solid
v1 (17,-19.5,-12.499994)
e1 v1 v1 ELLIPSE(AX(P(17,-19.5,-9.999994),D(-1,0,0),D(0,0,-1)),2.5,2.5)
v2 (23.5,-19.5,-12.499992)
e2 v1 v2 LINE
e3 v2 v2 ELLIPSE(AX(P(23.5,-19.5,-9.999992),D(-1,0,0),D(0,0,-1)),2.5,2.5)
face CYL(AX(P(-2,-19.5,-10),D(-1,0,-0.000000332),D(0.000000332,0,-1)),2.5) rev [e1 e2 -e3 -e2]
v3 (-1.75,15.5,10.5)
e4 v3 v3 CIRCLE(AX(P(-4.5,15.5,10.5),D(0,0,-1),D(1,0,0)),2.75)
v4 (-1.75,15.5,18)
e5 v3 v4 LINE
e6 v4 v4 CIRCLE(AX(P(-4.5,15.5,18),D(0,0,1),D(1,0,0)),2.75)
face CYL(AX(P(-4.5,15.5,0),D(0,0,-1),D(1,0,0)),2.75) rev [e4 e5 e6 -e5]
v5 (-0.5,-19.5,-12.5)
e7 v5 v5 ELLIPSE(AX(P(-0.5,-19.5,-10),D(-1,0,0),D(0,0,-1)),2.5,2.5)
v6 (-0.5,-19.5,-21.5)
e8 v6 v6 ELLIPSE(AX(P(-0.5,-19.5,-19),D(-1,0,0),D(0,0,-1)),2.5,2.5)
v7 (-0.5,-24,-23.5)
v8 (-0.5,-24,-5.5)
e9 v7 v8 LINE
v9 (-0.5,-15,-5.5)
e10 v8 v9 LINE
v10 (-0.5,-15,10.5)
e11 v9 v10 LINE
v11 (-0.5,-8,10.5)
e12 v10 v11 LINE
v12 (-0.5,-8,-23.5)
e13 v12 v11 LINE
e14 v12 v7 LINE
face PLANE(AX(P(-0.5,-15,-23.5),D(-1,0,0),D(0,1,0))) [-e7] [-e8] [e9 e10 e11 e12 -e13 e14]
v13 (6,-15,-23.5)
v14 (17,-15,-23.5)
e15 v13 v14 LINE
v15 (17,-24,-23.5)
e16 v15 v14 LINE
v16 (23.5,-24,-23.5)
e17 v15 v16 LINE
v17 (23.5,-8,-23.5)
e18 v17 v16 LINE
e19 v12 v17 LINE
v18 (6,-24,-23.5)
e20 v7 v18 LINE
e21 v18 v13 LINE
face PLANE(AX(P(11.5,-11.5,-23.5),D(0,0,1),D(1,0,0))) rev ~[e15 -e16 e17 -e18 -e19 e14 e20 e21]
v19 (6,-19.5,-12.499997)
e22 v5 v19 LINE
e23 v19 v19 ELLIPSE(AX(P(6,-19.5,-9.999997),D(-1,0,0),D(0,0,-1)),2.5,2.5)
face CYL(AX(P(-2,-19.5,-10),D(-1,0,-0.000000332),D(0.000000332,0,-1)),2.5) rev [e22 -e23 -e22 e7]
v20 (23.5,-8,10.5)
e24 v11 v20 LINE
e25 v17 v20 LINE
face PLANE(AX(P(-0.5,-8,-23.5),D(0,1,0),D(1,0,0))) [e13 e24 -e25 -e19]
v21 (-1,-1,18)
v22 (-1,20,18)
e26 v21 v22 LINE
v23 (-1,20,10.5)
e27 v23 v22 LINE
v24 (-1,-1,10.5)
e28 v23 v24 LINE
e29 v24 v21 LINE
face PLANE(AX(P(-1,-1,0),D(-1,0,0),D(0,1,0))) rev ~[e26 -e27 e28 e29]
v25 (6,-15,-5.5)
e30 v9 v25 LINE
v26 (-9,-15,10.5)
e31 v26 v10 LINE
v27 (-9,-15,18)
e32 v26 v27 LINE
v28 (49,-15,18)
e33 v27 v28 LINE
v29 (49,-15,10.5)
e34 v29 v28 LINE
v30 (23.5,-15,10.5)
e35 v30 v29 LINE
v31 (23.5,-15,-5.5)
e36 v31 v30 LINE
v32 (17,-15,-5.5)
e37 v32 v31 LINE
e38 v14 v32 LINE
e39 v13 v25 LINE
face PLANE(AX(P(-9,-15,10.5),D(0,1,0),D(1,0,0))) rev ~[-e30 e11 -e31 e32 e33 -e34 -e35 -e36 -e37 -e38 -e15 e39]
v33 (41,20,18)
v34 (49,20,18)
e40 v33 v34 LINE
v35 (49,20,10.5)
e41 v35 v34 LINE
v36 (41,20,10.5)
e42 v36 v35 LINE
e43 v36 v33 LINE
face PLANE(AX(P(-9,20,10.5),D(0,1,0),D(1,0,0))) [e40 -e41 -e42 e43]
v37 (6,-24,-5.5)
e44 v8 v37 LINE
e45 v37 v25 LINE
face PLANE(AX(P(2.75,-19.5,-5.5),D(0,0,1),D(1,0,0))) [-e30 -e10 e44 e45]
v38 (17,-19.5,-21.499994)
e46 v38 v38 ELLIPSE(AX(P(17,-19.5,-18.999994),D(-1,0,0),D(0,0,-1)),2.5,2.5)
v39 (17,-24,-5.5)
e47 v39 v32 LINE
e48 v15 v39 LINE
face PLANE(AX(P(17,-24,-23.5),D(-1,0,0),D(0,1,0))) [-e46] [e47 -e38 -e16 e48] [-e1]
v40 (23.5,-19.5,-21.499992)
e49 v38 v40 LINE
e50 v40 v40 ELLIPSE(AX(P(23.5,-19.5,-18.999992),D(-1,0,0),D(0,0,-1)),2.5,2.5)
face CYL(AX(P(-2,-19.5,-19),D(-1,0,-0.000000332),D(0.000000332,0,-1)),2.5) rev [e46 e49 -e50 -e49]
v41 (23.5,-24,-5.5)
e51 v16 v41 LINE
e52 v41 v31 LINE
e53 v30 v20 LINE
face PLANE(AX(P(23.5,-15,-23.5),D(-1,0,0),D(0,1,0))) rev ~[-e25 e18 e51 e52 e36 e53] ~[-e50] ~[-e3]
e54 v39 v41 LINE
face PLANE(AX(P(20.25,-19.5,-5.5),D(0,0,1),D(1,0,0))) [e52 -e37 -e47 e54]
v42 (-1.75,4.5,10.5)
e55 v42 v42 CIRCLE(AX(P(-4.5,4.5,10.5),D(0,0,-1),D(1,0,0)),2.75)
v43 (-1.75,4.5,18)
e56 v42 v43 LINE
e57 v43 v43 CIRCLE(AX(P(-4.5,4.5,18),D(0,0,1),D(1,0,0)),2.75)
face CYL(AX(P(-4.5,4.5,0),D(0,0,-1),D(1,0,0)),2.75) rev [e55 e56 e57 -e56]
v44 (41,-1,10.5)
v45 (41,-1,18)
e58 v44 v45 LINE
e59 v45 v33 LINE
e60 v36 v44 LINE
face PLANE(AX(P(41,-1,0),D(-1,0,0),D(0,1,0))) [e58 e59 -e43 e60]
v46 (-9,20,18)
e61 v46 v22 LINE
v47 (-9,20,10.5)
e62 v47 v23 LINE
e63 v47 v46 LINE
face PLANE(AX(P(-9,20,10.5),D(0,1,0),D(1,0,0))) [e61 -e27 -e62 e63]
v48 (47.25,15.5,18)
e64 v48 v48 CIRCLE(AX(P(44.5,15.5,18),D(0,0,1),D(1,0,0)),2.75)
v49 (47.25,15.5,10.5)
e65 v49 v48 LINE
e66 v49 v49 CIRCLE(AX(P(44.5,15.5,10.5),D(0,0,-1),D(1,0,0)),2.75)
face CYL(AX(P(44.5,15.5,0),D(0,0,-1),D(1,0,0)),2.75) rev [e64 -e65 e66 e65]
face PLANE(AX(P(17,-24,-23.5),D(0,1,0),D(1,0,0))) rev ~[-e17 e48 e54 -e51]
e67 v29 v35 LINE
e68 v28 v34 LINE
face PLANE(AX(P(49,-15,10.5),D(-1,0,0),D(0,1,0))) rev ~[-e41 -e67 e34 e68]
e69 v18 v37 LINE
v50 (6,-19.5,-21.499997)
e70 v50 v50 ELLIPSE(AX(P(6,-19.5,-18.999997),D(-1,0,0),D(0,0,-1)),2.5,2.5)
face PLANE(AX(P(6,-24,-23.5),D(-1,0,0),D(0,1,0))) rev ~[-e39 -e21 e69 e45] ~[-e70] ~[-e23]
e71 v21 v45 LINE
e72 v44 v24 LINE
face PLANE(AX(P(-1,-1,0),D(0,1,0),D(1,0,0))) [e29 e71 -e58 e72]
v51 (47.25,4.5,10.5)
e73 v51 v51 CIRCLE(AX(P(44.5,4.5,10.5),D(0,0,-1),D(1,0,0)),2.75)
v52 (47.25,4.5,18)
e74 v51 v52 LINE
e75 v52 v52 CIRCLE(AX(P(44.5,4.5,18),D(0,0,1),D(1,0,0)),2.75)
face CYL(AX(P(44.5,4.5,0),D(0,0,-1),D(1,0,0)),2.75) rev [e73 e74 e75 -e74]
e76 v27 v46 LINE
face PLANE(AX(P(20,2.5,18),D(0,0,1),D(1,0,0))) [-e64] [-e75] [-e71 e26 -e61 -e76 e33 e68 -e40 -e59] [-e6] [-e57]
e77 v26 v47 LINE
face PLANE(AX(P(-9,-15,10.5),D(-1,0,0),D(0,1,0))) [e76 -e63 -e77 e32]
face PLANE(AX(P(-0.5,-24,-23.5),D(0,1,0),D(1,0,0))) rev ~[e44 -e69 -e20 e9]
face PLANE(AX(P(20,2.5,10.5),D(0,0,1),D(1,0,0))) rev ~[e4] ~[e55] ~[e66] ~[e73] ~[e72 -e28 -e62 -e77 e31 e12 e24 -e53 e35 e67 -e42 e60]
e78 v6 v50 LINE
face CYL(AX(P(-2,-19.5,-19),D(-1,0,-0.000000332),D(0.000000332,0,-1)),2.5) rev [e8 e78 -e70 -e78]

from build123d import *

# Parameters (mm, degrees)
CYLINDER005_R               = 2.5
CYLINDER005_DEPTH           = 27
CYLINDER005_PLACEMENT_ANGLE = 89.999981
CYLINDER004_R               = 2.5
CYLINDER004_DEPTH           = 27
CYLINDER004_PLACEMENT_ANGLE = 89.999981
BOX004_W                    = 6.5
BOX004_H                    = 9
BOX004_DEPTH                = 18
BOX003_W                    = 24
BOX003_H                    = 7
BOX003_DEPTH                = 34
BOX005_W                    = 6.5
BOX005_H                    = 9
BOX005_DEPTH                = 18
BOX_W                       = 42
BOX_H                       = 22
BOX_DEPTH                   = 18
CYLINDER001_R               = 2.75
CYLINDER001_DEPTH           = 18
CYLINDER002_R               = 2.75
CYLINDER002_DEPTH           = 18
CYLINDER003_R               = 2.75
CYLINDER003_DEPTH           = 18
CYLINDER_R                  = 2.75
CYLINDER_DEPTH              = 18
BOX002_W                    = 58
BOX002_H                    = 35
BOX002_DEPTH                = 7.5


with BuildPart() as cylinder005:
    # Cylinder005 → Cylinder005 (new body)
    with BuildSketch(Plane.XY):
        Circle(CYLINDER005_R)
    extrude(amount=CYLINDER005_DEPTH)


with BuildPart() as cylinder005_1:
    # Cylinder005 placement: moved
    add(cylinder005.part.moved(Location((-2, -19.5, -10))).rotate(Axis((-2, -19.5, -10), (0, 1, 0)), CYLINDER005_PLACEMENT_ANGLE))


with BuildPart() as fusion003:
    # Cylinder004 → Cylinder004 (new body)
    with BuildSketch(Plane.XY):
        Circle(CYLINDER004_R)
    extrude(amount=CYLINDER004_DEPTH)


with BuildPart() as fusion003_1:
    # Cylinder004 placement: moved
    add(fusion003.part.moved(Location((-2, -19.5, -19))).rotate(Axis((-2, -19.5, -19), (0, 1, 0)), CYLINDER004_PLACEMENT_ANGLE))

    # Fusion003: union Cylinder005
    add(cylinder005_1.part)


with BuildPart() as cube001:
    # Box004 → Box004 (new body)
    with BuildSketch(Plane(origin=(-0.5, -24, -23.5), x_dir=(1, 0, 0), z_dir=(0, 0, 1))):
        with Locations((3.25, 4.5)):
            Rectangle(BOX004_W, BOX004_H)
    extrude(amount=BOX004_DEPTH)


with BuildPart() as cube:
    # Box003 → Box003 (new body)
    with BuildSketch(Plane(origin=(-0.5, -15, -23.5), x_dir=(1, 0, 0), z_dir=(0, 0, 1))):
        with Locations((12, 3.5)):
            Rectangle(BOX003_W, BOX003_H)
    extrude(amount=BOX003_DEPTH)


with BuildPart() as module_hole_der:
    # Box005 → Box005 (new body)
    with BuildSketch(Plane(origin=(17, -24, -23.5), x_dir=(1, 0, 0), z_dir=(0, 0, 1))):
        with Locations((3.25, 4.5)):
            Rectangle(BOX005_W, BOX005_H)
    extrude(amount=BOX005_DEPTH)

    # Fusion002: union Cube001, Cube
    add(cube001.part)
    add(cube.part)

    # Cut001: cut Fusion003
    add(fusion003_1.part, mode=Mode.SUBTRACT)


with BuildPart() as servo_mold:
    # Box → Box (new body)
    with BuildSketch(Plane(origin=(-1, -1, 0), x_dir=(1, 0, 0), z_dir=(0, 0, 1))):
        with Locations((21, 11)):
            Rectangle(BOX_W, BOX_H)
    extrude(amount=BOX_DEPTH)


with BuildPart() as hole002:
    # Cylinder001 → Cylinder001 (new body)
    with BuildSketch(Plane(origin=(-4.5, 15.5, 0), x_dir=(1, 0, 0), z_dir=(0, 0, 1))):
        Circle(CYLINDER001_R)
    extrude(amount=CYLINDER001_DEPTH)


with BuildPart() as hole003:
    # Cylinder002 → Cylinder002 (new body)
    with BuildSketch(Plane(origin=(44.5, 4.5, 0), x_dir=(1, 0, 0), z_dir=(0, 0, 1))):
        Circle(CYLINDER002_R)
    extrude(amount=CYLINDER002_DEPTH)


with BuildPart() as hole004:
    # Cylinder003 → Cylinder003 (new body)
    with BuildSketch(Plane(origin=(44.5, 15.5, 0), x_dir=(1, 0, 0), z_dir=(0, 0, 1))):
        Circle(CYLINDER003_R)
    extrude(amount=CYLINDER003_DEPTH)


with BuildPart() as servo_object:
    # Cylinder → Cylinder (new body)
    with BuildSketch(Plane(origin=(-4.5, 4.5, 0), x_dir=(1, 0, 0), z_dir=(0, 0, 1))):
        Circle(CYLINDER_R)
    extrude(amount=CYLINDER_DEPTH)

    # Fusion: union Hole002, Hole003, Hole004
    add(hole002.part)
    add(hole003.part)
    add(hole004.part)

    # Fusion001: union Servo Mold
    add(servo_mold.part)


with BuildPart() as complete_arm_holder:
    # Box002 → Box002 (new body)
    with BuildSketch(Plane(origin=(-9, -15, 10.5), x_dir=(1, 0, 0), z_dir=(0, 0, 1))):
        with Locations((29, 17.5)):
            Rectangle(BOX002_W, BOX002_H)
    extrude(amount=BOX002_DEPTH)

    # Cut: cut Servo Object
    add(servo_object.part, mode=Mode.SUBTRACT)

    # Fusion004: union Module Hole-der
    add(module_hole_der.part)


solid = complete_arm_holder.part
